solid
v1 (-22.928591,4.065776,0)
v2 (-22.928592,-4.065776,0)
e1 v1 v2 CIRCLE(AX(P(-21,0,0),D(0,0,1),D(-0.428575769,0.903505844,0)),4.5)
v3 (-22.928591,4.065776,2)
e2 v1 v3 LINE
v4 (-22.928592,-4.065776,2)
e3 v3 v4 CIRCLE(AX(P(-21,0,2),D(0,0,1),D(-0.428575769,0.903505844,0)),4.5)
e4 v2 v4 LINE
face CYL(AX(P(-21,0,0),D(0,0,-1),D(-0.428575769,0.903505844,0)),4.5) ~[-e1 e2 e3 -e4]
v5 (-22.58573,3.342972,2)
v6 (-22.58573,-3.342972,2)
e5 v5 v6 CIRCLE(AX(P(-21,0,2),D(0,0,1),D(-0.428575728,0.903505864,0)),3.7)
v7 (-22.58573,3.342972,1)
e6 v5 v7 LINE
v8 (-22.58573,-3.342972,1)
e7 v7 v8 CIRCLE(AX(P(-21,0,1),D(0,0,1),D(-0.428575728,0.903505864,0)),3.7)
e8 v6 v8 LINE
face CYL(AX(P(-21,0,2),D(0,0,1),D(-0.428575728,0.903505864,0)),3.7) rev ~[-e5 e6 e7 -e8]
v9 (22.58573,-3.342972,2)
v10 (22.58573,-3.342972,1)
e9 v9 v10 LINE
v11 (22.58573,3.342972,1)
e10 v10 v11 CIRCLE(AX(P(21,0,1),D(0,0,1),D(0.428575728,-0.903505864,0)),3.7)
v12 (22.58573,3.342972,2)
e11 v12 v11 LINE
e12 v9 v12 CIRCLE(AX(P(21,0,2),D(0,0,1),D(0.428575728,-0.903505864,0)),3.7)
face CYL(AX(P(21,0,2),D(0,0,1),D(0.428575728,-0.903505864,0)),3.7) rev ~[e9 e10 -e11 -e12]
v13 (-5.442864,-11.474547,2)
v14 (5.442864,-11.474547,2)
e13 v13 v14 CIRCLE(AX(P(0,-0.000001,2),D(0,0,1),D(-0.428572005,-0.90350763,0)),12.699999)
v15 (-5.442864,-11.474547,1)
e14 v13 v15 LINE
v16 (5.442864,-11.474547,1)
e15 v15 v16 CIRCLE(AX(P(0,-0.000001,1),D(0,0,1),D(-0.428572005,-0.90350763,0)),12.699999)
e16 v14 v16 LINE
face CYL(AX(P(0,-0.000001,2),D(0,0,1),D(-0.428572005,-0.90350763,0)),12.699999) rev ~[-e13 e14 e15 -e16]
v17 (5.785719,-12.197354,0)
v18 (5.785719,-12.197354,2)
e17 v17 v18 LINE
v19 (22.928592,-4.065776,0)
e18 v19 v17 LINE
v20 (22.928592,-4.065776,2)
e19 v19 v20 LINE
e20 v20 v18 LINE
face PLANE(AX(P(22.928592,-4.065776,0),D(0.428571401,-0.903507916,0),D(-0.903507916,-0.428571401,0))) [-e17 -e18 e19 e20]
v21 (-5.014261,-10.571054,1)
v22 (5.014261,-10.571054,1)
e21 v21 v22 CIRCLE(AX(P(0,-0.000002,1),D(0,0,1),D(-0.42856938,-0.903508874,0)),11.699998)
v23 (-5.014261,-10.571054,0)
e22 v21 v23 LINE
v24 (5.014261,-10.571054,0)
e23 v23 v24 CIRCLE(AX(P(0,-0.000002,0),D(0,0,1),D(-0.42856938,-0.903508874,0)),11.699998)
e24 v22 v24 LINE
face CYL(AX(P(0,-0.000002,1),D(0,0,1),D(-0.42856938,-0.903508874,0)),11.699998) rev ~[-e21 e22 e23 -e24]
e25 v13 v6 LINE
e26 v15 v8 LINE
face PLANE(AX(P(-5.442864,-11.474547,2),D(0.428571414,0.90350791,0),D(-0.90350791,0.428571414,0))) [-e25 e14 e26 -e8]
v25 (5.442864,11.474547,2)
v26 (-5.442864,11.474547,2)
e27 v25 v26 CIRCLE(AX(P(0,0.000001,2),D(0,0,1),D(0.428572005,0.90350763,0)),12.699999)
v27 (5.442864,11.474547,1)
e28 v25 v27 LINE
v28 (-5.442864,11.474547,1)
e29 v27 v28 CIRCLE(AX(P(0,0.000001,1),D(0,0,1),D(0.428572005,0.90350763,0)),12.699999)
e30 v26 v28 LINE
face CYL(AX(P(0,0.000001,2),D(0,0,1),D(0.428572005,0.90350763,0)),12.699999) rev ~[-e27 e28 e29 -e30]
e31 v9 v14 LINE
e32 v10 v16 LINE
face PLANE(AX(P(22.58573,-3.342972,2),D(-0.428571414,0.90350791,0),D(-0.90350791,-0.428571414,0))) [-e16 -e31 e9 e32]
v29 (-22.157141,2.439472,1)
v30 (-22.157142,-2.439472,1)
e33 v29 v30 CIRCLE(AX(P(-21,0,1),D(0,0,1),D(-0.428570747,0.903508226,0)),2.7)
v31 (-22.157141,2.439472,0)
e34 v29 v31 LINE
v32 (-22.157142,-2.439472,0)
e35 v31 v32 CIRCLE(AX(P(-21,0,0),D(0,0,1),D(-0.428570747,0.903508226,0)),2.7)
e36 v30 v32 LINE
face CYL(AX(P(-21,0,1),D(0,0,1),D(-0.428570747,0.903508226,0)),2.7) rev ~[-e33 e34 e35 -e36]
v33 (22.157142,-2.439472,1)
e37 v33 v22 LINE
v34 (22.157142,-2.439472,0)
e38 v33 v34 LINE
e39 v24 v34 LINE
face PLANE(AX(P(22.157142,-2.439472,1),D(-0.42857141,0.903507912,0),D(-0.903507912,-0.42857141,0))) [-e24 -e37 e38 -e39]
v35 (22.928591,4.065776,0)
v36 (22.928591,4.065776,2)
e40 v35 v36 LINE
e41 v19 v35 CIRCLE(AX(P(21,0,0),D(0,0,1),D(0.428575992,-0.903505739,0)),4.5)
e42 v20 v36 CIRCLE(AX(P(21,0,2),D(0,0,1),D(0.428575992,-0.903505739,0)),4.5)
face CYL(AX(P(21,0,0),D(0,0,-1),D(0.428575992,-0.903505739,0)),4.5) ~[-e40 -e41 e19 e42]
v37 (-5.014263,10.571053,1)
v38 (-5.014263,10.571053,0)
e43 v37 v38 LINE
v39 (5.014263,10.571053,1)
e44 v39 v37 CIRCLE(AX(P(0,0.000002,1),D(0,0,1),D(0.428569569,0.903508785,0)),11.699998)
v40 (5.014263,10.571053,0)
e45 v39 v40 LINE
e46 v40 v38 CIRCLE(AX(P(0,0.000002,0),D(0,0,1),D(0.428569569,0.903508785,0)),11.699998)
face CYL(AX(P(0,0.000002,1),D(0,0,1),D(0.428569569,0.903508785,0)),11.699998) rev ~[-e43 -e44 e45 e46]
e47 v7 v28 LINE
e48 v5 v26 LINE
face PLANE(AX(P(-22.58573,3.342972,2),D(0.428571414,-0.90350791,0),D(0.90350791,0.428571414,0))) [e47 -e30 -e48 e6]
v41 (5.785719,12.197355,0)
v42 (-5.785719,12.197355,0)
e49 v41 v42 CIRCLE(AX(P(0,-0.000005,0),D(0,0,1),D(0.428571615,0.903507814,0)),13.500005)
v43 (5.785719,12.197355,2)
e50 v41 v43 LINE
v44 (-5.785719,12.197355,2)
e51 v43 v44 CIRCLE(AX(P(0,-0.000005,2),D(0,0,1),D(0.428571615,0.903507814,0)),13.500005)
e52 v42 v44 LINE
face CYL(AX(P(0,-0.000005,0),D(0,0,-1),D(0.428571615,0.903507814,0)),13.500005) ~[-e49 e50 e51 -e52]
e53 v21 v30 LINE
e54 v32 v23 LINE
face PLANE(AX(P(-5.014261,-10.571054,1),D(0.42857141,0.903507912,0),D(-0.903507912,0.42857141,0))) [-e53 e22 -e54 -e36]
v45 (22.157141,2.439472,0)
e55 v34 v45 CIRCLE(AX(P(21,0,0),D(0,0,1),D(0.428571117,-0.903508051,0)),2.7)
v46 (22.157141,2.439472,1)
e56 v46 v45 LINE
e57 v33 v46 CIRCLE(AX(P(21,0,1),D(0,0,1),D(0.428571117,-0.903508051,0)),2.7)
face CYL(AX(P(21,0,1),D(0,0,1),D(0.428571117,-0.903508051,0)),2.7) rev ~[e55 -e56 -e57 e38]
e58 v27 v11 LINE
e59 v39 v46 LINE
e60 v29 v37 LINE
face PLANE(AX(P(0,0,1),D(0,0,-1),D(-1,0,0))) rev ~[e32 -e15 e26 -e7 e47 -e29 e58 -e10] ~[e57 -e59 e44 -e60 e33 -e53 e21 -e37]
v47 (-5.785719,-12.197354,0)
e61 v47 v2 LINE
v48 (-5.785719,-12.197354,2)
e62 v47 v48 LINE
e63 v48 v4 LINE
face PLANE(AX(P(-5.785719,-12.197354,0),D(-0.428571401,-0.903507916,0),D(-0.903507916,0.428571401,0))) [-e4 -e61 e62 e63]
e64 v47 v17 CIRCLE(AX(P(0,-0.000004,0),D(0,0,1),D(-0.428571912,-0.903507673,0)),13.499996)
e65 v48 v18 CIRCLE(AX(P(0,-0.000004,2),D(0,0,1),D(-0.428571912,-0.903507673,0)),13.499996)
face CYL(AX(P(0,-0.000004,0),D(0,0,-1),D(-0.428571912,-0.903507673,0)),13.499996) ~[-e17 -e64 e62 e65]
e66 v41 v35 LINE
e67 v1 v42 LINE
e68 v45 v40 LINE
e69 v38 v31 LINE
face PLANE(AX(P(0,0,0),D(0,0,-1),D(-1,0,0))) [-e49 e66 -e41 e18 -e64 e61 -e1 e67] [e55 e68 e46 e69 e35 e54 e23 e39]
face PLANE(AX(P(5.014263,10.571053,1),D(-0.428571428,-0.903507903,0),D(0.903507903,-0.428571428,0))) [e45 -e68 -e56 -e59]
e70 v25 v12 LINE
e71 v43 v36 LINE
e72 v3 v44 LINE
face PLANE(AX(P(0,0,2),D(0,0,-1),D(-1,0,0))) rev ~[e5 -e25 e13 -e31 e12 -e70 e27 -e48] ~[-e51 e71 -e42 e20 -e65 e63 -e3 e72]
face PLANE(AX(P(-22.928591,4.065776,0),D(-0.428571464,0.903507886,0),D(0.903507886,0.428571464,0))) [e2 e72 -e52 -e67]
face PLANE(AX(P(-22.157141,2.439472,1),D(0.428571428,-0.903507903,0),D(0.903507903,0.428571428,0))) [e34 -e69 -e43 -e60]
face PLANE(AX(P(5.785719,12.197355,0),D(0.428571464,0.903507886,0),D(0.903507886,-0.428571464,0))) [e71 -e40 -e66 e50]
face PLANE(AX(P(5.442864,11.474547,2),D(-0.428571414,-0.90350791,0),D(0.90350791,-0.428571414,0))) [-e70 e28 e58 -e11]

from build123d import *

# Parameters (mm, degrees)
PAD_DEPTH       = 2
POCKET_DEPTH    = 1
POCKET001_DEPTH = 1.001


with BuildPart() as part:
    # Sketch → Pad (new body)
    with BuildSketch(Plane.XY):
        with BuildLine():
            Line((-22.928591, 4.065776), (-5.785719, 12.197355))
            ThreePointArc((5.785719, 12.197355), (0, 13.5), (-5.785719, 12.197355))
            Line((5.785719, 12.197355), (22.928591, 4.065776))
            ThreePointArc((22.928592, -4.065776), (25.5, 0), (22.928591, 4.065776))
            Line((22.928592, -4.065776), (5.785719, -12.197354))
            ThreePointArc((-5.785719, -12.197354), (0, -13.5), (5.785719, -12.197354))
            Line((-5.785719, -12.197354), (-22.928592, -4.065776))
            ThreePointArc((-22.928591, 4.065776), (-25.5, 0), (-22.928592, -4.065776))
        make_face()
    extrude(amount=PAD_DEPTH)

    # Sketch001 → Pocket (cut)
    with BuildSketch(Plane.XY.offset(2)):
        with BuildLine():
            Line((-22.58573, 3.342972), (-5.442864, 11.474547))
            ThreePointArc((5.442864, 11.474547), (0, 12.7), (-5.442864, 11.474547))
            Line((5.442864, 11.474547), (22.58573, 3.342972))
            ThreePointArc((22.58573, -3.342972), (24.7, 0), (22.58573, 3.342972))
            Line((22.58573, -3.342972), (5.442864, -11.474547))
            ThreePointArc((-5.442864, -11.474547), (0, -12.7), (5.442864, -11.474547))
            Line((-5.442864, -11.474547), (-22.58573, -3.342972))
            ThreePointArc((-22.58573, 3.342972), (-24.7, 0), (-22.58573, -3.342972))
        make_face()
    extrude(amount=-POCKET_DEPTH, mode=Mode.SUBTRACT)

    # Sketch002 → Pocket001 (cut, through all)
    with BuildSketch(Plane.XY.offset(1)):
        with BuildLine():
            Line((-22.157141, 2.439472), (-5.014263, 10.571053))
            ThreePointArc((5.014263, 10.571053), (0, 11.7), (-5.014263, 10.571053))
            Line((5.014263, 10.571053), (22.157141, 2.439472))
            ThreePointArc((22.157142, -2.439472), (23.7, 1e-06), (22.157141, 2.439472))
            Line((22.157142, -2.439472), (5.014261, -10.571054))
            ThreePointArc((-5.014261, -10.571054), (0, -11.7), (5.014261, -10.571054))
            Line((-5.014261, -10.571054), (-22.157142, -2.439472))
            ThreePointArc((-22.157141, 2.439472), (-23.7, 1e-06), (-22.157142, -2.439472))
        make_face()
    extrude(amount=-POCKET001_DEPTH, mode=Mode.SUBTRACT)


solid = part.part
